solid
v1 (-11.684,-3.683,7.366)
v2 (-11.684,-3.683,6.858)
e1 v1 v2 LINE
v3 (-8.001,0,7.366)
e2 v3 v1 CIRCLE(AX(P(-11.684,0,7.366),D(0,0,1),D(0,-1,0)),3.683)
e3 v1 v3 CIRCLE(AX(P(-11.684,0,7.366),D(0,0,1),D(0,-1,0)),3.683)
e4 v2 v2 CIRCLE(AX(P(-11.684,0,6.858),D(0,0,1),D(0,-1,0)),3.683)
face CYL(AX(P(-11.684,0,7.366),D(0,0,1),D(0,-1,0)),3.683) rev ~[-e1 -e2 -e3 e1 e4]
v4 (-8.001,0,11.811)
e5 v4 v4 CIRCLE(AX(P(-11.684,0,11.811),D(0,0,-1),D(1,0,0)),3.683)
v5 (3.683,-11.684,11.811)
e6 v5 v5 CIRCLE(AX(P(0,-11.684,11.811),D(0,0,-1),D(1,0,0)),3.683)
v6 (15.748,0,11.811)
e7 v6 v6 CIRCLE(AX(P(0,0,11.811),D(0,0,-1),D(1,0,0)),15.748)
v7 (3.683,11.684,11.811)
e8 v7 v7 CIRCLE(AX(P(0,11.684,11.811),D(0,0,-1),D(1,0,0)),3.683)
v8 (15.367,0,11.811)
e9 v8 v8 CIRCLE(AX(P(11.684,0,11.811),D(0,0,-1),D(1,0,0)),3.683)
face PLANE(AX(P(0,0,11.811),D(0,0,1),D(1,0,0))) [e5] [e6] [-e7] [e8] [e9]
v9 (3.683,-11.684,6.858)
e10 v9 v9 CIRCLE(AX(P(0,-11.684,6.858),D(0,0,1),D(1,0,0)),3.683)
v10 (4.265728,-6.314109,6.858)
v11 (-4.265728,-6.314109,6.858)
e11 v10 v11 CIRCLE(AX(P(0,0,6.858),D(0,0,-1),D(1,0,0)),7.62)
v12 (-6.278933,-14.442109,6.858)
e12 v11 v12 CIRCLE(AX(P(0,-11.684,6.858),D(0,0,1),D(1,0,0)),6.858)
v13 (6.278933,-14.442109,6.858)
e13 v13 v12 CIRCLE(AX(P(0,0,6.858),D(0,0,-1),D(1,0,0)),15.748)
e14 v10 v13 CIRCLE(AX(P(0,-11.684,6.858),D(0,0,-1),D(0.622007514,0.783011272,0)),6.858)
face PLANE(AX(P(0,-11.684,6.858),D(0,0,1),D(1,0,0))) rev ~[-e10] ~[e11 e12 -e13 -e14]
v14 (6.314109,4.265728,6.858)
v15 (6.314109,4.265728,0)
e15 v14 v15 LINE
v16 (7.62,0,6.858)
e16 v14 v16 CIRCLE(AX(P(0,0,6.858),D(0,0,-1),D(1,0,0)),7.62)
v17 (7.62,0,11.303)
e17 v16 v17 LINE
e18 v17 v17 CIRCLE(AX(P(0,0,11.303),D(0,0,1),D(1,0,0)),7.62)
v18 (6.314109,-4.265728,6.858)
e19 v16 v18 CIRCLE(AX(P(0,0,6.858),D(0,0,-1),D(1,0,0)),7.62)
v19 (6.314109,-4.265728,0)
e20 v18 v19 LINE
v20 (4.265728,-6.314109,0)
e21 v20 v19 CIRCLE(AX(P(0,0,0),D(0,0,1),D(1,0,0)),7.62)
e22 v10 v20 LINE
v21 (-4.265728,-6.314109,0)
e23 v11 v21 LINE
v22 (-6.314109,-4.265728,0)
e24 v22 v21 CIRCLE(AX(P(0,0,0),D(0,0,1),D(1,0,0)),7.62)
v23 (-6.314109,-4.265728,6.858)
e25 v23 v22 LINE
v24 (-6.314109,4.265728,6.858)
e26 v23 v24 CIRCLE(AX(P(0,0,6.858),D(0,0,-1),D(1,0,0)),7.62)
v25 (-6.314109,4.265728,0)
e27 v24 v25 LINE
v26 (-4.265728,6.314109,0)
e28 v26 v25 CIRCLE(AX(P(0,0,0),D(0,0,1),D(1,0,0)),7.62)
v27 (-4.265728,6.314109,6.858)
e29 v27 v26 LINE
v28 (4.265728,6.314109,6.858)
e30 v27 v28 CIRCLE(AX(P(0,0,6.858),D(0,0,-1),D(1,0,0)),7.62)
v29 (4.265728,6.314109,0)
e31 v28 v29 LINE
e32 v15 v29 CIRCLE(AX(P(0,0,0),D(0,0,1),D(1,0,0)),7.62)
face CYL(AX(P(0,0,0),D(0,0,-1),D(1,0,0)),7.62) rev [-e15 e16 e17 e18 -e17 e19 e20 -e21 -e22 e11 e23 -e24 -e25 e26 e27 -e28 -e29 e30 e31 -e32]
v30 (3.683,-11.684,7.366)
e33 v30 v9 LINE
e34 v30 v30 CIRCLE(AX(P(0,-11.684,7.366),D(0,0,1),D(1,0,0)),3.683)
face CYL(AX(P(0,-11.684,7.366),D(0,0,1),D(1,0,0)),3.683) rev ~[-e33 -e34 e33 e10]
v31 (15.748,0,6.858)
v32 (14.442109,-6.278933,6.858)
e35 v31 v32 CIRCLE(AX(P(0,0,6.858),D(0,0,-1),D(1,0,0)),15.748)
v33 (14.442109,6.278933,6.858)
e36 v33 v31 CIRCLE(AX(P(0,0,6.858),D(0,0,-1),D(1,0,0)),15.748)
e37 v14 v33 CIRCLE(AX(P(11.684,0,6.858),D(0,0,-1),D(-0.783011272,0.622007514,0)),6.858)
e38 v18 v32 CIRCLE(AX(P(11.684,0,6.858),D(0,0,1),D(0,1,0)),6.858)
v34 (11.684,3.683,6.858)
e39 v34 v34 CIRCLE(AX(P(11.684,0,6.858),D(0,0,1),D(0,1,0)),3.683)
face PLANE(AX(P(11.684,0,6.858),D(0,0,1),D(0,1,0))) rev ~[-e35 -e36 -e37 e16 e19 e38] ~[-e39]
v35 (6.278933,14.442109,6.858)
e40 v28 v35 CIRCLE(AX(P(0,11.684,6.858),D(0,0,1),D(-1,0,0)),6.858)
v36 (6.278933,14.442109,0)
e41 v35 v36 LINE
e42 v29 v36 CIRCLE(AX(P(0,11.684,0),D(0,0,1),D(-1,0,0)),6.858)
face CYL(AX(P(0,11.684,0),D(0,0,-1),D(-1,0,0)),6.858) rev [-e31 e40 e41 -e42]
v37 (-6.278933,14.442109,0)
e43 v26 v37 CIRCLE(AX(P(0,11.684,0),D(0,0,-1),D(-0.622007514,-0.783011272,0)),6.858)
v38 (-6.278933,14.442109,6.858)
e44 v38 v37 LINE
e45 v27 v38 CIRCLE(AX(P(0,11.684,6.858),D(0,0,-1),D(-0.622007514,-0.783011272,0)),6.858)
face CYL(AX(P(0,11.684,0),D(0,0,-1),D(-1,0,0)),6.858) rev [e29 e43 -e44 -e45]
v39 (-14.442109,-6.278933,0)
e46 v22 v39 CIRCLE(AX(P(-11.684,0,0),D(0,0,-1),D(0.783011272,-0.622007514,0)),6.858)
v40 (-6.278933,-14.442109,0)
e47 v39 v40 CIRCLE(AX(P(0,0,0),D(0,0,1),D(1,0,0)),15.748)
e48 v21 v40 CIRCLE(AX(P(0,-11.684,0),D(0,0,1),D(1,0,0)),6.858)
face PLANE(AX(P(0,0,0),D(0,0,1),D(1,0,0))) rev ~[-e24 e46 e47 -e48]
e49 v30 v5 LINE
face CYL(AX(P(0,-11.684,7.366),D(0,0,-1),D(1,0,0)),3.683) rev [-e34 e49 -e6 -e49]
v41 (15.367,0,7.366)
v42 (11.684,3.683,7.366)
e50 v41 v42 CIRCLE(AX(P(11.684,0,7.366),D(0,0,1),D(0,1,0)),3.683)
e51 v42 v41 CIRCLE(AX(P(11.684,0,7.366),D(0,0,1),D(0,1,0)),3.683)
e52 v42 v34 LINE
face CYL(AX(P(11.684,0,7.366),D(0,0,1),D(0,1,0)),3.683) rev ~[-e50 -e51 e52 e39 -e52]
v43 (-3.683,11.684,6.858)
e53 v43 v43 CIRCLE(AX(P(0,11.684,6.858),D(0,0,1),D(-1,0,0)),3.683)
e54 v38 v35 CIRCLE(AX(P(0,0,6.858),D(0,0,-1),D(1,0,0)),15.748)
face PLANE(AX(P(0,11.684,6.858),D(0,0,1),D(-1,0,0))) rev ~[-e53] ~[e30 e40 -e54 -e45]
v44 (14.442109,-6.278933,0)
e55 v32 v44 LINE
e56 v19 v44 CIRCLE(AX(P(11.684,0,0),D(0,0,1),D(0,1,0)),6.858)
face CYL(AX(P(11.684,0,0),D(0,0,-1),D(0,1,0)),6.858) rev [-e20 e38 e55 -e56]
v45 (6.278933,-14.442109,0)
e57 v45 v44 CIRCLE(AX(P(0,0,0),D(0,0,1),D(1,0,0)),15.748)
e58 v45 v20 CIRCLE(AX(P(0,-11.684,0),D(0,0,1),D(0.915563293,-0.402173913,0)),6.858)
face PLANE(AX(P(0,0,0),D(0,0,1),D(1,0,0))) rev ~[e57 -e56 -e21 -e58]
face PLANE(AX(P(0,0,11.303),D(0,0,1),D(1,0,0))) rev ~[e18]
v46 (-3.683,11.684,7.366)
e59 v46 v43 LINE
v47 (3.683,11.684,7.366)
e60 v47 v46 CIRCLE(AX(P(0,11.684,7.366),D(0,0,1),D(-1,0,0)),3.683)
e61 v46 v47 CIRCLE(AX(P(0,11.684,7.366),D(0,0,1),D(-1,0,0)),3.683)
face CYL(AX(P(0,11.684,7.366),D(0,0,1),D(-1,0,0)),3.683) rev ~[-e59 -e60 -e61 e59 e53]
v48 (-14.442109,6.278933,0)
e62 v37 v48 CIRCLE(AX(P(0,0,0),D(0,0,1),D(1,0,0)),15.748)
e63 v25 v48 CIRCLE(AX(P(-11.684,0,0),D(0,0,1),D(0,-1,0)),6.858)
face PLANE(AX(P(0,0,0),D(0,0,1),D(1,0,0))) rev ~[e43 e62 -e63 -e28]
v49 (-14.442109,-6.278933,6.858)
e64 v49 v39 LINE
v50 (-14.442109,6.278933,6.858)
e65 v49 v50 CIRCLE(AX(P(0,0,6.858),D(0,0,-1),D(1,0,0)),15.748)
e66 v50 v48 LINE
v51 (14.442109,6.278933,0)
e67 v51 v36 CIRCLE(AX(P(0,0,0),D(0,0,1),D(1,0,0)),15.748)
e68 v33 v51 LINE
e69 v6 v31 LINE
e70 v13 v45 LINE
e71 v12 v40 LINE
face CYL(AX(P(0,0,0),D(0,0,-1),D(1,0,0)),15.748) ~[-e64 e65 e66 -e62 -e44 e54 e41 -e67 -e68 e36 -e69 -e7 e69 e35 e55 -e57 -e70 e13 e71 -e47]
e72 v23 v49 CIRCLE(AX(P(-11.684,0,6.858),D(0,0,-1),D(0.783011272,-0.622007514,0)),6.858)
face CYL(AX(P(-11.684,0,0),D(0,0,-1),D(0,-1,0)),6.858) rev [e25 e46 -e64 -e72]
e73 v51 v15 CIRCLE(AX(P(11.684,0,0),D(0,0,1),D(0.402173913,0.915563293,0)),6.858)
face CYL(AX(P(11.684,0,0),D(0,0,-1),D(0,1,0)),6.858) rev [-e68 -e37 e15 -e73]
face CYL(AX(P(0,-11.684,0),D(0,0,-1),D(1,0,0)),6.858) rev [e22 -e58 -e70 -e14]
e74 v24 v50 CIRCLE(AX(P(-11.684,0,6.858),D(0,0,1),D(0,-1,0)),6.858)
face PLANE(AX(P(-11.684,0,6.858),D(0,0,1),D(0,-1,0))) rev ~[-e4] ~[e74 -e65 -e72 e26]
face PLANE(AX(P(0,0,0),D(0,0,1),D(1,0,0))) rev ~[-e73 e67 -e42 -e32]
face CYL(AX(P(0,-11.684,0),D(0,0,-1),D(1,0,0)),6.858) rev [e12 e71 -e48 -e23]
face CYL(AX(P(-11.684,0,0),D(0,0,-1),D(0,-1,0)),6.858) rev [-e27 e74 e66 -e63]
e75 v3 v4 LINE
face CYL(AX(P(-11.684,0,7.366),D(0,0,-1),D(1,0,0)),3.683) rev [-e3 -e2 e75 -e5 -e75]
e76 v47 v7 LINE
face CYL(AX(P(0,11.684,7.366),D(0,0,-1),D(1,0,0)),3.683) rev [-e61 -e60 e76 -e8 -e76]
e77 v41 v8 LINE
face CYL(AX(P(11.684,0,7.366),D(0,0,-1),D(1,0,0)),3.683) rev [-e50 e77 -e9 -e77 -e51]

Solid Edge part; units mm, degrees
sketch "Sketch1" plane through (0, 0, 0) normal (0, 0, 1) x (1, 0, 0)
  circle A0 centre (0, 0) radius 15.748
  circle A1 centre (0, 0) radius 7.62
extrude "Protrusion1" add sketch "Sketch1" along normal blind 7.366
sketch "Sketch2" plane through (0, 0, 0) normal (0, 0, 1) x (1, 0, 0)
  circle A0 centre (0, -11.684) radius 6.858
extrude "ExtrudedCutout_1" cut sketch "Sketch2" along normal blind 6.858
sketch "Sketch3" plane through (0, 0, 7.366) normal (0, 0, 1) x (1, 0, 0)
  circle A0 centre (0, -11.684) radius 3.683
extrude "ExtrudedCutout_4" cut sketch "Sketch3" against normal blind 4.4355
pattern_circular "Pattern1" count 4 over 360 about axis through (0, 0, 7.366) along (0, 0, 1) of "ExtrudedCutout_4", "ExtrudedCutout_1"
sketch "Sketch4" plane through (0, 0, 7.366) normal (0, 0, 1) x (1, 0, 0)
  circle A0 centre (0, 0) radius 15.748
  circle A1 centre (0, -11.684) radius 3.683
  circle A2 centre (0, 0) radius 7.62
  circle A3 centre (-11.684, 0) radius 3.683
  circle A4 centre (0, 11.684) radius 3.683
  circle A5 centre (11.684, 0) radius 3.683
extrude "ExtrudedProtrusion_7" add sketch "Sketch4" along normal blind 10.795
sketch "Sketch5" plane through (0, 0, 18.161) normal (0, 0, 1) x (1, 0, 0)
  circle A0 centre (0, 0) radius 7.62
extrude "ExtrudedProtrusion_8" add sketch "Sketch5" against normal blind 0.508
sketch "Sketch6" plane through (0, 0, 18.161) normal (0, 0, 1) x (1, 0, 0)
  circle A0 centre (0, 0) radius 18.8759
extrude "ExtrudedCutout_5" cut sketch "Sketch6" against normal blind 6.35
sketch "Sketch7" plane through (0, 0, 11.811) normal (0, 0, 1) x (1, 0, 0)
  circle A0 centre (0, 0) radius 7.62
extrude "ExtrudedProtrusion_9" add sketch "Sketch7" against normal blind 0.508
